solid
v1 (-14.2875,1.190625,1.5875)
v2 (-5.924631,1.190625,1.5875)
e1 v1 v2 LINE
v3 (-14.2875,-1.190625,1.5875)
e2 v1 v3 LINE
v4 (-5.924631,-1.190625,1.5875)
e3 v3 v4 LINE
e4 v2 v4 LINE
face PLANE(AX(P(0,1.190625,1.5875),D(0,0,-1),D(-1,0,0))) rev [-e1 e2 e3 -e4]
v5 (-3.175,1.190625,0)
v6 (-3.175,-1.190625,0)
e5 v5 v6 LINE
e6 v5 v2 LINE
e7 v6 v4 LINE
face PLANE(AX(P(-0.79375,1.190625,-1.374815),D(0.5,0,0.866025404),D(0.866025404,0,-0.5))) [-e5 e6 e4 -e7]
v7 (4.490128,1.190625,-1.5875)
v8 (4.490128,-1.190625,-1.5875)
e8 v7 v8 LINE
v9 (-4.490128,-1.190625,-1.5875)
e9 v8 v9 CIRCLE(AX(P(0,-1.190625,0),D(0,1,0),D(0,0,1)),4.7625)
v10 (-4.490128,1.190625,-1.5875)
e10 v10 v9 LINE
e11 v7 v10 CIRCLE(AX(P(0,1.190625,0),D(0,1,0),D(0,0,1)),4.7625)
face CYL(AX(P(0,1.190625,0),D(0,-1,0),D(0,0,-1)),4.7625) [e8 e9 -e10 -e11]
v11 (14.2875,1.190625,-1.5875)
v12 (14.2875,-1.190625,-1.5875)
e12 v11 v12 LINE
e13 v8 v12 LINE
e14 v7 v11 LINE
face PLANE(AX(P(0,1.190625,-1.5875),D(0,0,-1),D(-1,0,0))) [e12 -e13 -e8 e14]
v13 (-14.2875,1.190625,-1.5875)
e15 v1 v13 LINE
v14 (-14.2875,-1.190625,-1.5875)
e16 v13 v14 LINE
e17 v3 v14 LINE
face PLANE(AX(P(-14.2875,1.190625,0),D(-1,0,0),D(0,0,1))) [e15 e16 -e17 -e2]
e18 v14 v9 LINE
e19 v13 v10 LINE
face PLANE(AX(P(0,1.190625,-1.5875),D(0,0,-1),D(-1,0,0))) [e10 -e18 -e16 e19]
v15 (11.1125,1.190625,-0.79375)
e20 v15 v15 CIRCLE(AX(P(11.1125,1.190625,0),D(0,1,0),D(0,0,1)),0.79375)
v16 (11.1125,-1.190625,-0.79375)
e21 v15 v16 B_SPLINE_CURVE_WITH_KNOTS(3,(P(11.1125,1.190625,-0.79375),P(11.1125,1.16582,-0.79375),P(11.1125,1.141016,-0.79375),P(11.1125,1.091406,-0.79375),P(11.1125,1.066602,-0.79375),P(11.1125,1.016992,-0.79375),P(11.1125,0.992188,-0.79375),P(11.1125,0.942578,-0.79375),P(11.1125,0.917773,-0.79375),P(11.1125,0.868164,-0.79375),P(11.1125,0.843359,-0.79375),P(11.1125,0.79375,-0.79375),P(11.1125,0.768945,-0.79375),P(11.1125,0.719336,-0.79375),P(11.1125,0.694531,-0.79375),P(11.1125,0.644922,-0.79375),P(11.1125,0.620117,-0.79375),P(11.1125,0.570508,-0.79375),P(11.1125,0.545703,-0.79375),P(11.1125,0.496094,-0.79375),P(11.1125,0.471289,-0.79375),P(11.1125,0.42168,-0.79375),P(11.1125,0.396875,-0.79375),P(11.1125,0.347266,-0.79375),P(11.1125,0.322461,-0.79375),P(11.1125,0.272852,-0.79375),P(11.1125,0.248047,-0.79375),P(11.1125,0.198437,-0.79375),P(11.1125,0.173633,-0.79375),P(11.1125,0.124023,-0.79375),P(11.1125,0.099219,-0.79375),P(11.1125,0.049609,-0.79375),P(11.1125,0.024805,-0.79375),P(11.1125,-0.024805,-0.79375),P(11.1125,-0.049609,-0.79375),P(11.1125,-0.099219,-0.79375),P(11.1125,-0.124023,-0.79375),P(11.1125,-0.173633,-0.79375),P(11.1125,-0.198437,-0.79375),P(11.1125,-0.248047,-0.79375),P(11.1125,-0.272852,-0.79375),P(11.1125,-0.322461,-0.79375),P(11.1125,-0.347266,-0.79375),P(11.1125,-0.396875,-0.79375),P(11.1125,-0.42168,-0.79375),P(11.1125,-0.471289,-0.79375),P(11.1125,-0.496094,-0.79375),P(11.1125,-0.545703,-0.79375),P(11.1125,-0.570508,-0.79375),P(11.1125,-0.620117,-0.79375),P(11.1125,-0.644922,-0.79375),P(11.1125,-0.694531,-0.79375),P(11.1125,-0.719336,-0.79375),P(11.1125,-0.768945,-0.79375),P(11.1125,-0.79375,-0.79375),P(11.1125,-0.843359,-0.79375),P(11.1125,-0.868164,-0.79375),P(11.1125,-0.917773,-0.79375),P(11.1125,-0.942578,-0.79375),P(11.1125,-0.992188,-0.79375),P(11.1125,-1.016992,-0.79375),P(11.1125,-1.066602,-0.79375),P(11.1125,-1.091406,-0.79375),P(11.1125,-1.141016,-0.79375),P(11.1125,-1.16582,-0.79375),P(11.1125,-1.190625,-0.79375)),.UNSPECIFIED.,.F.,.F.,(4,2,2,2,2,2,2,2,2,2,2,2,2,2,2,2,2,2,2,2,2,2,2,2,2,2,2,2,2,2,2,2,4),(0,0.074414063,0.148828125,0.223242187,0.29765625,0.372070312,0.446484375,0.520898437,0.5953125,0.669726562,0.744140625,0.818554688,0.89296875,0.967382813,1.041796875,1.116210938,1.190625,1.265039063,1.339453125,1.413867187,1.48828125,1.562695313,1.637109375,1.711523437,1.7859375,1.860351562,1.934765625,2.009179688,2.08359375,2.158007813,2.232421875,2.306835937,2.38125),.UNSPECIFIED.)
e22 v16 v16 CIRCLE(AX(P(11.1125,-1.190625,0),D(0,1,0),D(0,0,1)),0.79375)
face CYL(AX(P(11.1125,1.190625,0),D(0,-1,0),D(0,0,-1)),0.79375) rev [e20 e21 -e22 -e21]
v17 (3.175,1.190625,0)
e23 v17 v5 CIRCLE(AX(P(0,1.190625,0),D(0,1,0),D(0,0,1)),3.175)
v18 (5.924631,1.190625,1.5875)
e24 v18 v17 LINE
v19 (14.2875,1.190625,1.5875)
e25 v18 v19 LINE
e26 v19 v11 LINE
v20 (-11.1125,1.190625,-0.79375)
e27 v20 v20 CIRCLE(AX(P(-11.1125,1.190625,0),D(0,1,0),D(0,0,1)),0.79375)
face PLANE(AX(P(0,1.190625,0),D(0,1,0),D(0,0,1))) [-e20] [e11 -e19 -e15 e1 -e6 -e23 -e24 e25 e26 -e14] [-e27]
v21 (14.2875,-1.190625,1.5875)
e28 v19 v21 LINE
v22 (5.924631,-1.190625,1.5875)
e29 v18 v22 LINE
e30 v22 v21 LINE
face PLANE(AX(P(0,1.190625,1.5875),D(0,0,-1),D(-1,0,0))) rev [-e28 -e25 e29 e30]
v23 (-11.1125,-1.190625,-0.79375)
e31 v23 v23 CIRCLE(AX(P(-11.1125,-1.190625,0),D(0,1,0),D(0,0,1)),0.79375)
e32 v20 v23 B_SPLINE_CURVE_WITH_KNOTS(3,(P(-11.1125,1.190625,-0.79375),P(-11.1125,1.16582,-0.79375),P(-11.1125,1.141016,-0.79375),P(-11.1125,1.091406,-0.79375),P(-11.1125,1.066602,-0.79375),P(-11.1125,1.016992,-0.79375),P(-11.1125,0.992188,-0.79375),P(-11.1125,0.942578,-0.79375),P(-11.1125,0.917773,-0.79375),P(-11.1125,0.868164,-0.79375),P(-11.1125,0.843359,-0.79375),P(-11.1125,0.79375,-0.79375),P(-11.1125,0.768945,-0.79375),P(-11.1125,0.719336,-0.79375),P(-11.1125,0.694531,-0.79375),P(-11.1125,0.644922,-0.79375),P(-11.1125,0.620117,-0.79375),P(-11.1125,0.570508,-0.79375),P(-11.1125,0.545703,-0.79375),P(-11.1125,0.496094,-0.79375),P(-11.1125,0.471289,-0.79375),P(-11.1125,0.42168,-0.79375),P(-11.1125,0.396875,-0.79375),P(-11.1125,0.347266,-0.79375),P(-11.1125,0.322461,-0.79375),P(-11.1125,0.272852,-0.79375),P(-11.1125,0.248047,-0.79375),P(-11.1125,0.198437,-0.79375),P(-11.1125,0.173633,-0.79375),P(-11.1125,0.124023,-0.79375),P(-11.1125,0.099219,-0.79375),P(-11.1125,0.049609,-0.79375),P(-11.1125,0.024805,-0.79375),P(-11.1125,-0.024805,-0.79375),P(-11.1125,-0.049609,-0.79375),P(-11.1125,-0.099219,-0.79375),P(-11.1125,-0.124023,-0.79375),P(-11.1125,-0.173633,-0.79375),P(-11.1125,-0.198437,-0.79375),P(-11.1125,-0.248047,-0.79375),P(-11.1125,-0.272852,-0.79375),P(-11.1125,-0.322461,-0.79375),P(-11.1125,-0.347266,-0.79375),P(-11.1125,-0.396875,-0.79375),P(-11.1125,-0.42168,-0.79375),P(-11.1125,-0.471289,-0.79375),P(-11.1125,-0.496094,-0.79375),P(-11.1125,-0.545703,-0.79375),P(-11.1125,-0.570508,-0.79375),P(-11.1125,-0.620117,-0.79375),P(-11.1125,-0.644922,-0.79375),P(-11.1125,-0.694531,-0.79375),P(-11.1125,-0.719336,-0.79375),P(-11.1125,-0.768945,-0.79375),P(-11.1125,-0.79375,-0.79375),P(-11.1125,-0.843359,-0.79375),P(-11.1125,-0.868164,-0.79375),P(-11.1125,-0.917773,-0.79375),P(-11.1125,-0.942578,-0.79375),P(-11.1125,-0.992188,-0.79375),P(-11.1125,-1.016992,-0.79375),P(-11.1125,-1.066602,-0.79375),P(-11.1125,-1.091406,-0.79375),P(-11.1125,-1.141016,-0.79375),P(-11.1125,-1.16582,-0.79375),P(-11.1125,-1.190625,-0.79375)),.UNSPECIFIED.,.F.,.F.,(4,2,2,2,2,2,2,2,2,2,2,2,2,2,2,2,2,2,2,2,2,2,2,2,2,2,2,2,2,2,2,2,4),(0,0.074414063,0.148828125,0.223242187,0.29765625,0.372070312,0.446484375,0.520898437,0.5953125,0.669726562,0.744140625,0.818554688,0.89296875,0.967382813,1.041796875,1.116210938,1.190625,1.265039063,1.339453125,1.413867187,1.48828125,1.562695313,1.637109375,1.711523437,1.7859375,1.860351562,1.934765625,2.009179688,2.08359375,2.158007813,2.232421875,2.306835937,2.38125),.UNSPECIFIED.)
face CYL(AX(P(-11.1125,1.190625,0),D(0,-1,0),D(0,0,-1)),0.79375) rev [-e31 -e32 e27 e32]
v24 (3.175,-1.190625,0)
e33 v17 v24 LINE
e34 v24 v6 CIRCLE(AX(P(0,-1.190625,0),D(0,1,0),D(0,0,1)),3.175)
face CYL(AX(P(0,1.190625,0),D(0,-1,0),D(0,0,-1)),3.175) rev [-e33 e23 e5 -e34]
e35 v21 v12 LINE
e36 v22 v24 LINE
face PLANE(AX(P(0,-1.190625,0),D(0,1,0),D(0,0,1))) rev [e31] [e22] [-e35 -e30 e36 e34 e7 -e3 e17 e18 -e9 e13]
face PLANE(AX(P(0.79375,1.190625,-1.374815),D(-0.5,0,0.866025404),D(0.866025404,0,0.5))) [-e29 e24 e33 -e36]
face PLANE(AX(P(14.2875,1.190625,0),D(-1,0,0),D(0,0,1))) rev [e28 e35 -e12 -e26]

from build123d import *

# Parameters (mm, degrees)
SKETCH1_R           = 0.79375
BOSS_EXTRUDE1_DEPTH = 1.190625


with BuildPart() as part:
    # Sketch1 → Boss-Extrude1 (new, symmetric)
    # profile 1 of 7: a face of its own
    with BuildSketch(Plane(origin=(0, 0, 0), x_dir=(1, 0, 0), z_dir=(0, 1, 0))):
        with BuildLine():
            ThreePointArc((-4.682314967, -0.870248702), (-4.742411374, -0.436967517), (-4.7625, 0))
            ThreePointArc((-4.7625, 0), (-4.69391314, 0.805348174), (-4.490128061, 1.5875))
            Line((-4.490128061, 1.5875), (-14.2875, 1.5875))
            Line((-14.2875, 1.5875), (-14.2875, -1.5875))
            Line((-14.2875, -1.5875), (-5.924630657, -1.5875))
            Line((-5.924630657, -1.5875), (-4.682314967, -0.870248702))
        make_face()
        with Locations(Location((-11.1125, 0, 0), (0, 0, 90))):
            Circle(SKETCH1_R, mode=Mode.SUBTRACT)
    # profile 2 of 7: a face of its own
    with BuildSketch(Plane(origin=(0, 0, 0), x_dir=(1, 0, 0), z_dir=(0, 1, 0))):
        with BuildLine():
            Line((-4.7625, 0), (-3.175, 0))
            ThreePointArc((-3.175, 0), (-3.066814498, 0.821750468), (-2.749630657, 1.5875))
            Line((-2.749630657, 1.5875), (-4.490128061, 1.5875))
            ThreePointArc((-4.490128061, 1.5875), (-4.69391314, 0.805348174), (-4.7625, 0))
        make_face()
    # profile 3 of 7: a face of its own
    with BuildSketch(Plane(origin=(0, 0, 0), x_dir=(1, 0, 0), z_dir=(0, 1, 0))):
        with BuildLine():
            ThreePointArc((-2.749630657, 1.5875), (0, 3.175), (2.749630657, 1.5875))
            Line((2.749630657, 1.5875), (4.490128061, 1.5875))
            ThreePointArc((4.490128061, 1.5875), (0, 4.7625), (-4.490128061, 1.5875))
            Line((-4.490128061, 1.5875), (-2.749630657, 1.5875))
        make_face()
    # profile 4 of 7: a face of its own
    with BuildSketch(Plane(origin=(0, 0, 0), x_dir=(1, 0, 0), z_dir=(0, 1, 0))):
        with BuildLine():
            ThreePointArc((2.749630657, 1.5875), (3.066814498, 0.821750468), (3.175, 0))
            Line((3.175, 0), (4.7625, 0))
            ThreePointArc((4.7625, 0), (4.69391314, 0.805348174), (4.490128061, 1.5875))
            Line((4.490128061, 1.5875), (2.749630657, 1.5875))
        make_face()
    # profile 5 of 7: a face of its own
    with BuildSketch(Plane(origin=(0, 0, 0), x_dir=(1, 0, 0), z_dir=(0, 1, 0))):
        with BuildLine():
            ThreePointArc((4.490128061, 1.5875), (4.69391314, 0.805348174), (4.7625, 0))
            ThreePointArc((4.7625, 0), (4.742411374, -0.436967517), (4.682314967, -0.870248702))
            Line((4.682314967, -0.870248702), (5.924630657, -1.5875))
            Line((5.924630657, -1.5875), (14.2875, -1.5875))
            Line((14.2875, -1.5875), (14.2875, 1.5875))
            Line((14.2875, 1.5875), (4.490128061, 1.5875))
        make_face()
        with Locations(Location((11.1125, 0, 0), (0, 0, 90))):
            Circle(SKETCH1_R, mode=Mode.SUBTRACT)
    # profile 6 of 7: a face of its own
    with BuildSketch(Plane(origin=(0, 0, 0), x_dir=(1, 0, 0), z_dir=(0, 1, 0))):
        with BuildLine():
            Line((-4.682314967, -0.870248702), (-3.175, 0))
            Line((-3.175, 0), (-4.7625, 0))
            ThreePointArc((-4.7625, 0), (-4.742411374, -0.436967517), (-4.682314967, -0.870248702))
        make_face()
    # profile 7 of 7: a face of its own
    with BuildSketch(Plane(origin=(0, 0, 0), x_dir=(1, 0, 0), z_dir=(0, 1, 0))):
        with BuildLine():
            Line((4.7625, 0), (3.175, 0))
            Line((3.175, 0), (4.682314967, -0.870248702))
            ThreePointArc((4.682314967, -0.870248702), (4.742411374, -0.436967517), (4.7625, 0))
        make_face()
    extrude(amount=BOSS_EXTRUDE1_DEPTH, both=True)


solid = part.part
